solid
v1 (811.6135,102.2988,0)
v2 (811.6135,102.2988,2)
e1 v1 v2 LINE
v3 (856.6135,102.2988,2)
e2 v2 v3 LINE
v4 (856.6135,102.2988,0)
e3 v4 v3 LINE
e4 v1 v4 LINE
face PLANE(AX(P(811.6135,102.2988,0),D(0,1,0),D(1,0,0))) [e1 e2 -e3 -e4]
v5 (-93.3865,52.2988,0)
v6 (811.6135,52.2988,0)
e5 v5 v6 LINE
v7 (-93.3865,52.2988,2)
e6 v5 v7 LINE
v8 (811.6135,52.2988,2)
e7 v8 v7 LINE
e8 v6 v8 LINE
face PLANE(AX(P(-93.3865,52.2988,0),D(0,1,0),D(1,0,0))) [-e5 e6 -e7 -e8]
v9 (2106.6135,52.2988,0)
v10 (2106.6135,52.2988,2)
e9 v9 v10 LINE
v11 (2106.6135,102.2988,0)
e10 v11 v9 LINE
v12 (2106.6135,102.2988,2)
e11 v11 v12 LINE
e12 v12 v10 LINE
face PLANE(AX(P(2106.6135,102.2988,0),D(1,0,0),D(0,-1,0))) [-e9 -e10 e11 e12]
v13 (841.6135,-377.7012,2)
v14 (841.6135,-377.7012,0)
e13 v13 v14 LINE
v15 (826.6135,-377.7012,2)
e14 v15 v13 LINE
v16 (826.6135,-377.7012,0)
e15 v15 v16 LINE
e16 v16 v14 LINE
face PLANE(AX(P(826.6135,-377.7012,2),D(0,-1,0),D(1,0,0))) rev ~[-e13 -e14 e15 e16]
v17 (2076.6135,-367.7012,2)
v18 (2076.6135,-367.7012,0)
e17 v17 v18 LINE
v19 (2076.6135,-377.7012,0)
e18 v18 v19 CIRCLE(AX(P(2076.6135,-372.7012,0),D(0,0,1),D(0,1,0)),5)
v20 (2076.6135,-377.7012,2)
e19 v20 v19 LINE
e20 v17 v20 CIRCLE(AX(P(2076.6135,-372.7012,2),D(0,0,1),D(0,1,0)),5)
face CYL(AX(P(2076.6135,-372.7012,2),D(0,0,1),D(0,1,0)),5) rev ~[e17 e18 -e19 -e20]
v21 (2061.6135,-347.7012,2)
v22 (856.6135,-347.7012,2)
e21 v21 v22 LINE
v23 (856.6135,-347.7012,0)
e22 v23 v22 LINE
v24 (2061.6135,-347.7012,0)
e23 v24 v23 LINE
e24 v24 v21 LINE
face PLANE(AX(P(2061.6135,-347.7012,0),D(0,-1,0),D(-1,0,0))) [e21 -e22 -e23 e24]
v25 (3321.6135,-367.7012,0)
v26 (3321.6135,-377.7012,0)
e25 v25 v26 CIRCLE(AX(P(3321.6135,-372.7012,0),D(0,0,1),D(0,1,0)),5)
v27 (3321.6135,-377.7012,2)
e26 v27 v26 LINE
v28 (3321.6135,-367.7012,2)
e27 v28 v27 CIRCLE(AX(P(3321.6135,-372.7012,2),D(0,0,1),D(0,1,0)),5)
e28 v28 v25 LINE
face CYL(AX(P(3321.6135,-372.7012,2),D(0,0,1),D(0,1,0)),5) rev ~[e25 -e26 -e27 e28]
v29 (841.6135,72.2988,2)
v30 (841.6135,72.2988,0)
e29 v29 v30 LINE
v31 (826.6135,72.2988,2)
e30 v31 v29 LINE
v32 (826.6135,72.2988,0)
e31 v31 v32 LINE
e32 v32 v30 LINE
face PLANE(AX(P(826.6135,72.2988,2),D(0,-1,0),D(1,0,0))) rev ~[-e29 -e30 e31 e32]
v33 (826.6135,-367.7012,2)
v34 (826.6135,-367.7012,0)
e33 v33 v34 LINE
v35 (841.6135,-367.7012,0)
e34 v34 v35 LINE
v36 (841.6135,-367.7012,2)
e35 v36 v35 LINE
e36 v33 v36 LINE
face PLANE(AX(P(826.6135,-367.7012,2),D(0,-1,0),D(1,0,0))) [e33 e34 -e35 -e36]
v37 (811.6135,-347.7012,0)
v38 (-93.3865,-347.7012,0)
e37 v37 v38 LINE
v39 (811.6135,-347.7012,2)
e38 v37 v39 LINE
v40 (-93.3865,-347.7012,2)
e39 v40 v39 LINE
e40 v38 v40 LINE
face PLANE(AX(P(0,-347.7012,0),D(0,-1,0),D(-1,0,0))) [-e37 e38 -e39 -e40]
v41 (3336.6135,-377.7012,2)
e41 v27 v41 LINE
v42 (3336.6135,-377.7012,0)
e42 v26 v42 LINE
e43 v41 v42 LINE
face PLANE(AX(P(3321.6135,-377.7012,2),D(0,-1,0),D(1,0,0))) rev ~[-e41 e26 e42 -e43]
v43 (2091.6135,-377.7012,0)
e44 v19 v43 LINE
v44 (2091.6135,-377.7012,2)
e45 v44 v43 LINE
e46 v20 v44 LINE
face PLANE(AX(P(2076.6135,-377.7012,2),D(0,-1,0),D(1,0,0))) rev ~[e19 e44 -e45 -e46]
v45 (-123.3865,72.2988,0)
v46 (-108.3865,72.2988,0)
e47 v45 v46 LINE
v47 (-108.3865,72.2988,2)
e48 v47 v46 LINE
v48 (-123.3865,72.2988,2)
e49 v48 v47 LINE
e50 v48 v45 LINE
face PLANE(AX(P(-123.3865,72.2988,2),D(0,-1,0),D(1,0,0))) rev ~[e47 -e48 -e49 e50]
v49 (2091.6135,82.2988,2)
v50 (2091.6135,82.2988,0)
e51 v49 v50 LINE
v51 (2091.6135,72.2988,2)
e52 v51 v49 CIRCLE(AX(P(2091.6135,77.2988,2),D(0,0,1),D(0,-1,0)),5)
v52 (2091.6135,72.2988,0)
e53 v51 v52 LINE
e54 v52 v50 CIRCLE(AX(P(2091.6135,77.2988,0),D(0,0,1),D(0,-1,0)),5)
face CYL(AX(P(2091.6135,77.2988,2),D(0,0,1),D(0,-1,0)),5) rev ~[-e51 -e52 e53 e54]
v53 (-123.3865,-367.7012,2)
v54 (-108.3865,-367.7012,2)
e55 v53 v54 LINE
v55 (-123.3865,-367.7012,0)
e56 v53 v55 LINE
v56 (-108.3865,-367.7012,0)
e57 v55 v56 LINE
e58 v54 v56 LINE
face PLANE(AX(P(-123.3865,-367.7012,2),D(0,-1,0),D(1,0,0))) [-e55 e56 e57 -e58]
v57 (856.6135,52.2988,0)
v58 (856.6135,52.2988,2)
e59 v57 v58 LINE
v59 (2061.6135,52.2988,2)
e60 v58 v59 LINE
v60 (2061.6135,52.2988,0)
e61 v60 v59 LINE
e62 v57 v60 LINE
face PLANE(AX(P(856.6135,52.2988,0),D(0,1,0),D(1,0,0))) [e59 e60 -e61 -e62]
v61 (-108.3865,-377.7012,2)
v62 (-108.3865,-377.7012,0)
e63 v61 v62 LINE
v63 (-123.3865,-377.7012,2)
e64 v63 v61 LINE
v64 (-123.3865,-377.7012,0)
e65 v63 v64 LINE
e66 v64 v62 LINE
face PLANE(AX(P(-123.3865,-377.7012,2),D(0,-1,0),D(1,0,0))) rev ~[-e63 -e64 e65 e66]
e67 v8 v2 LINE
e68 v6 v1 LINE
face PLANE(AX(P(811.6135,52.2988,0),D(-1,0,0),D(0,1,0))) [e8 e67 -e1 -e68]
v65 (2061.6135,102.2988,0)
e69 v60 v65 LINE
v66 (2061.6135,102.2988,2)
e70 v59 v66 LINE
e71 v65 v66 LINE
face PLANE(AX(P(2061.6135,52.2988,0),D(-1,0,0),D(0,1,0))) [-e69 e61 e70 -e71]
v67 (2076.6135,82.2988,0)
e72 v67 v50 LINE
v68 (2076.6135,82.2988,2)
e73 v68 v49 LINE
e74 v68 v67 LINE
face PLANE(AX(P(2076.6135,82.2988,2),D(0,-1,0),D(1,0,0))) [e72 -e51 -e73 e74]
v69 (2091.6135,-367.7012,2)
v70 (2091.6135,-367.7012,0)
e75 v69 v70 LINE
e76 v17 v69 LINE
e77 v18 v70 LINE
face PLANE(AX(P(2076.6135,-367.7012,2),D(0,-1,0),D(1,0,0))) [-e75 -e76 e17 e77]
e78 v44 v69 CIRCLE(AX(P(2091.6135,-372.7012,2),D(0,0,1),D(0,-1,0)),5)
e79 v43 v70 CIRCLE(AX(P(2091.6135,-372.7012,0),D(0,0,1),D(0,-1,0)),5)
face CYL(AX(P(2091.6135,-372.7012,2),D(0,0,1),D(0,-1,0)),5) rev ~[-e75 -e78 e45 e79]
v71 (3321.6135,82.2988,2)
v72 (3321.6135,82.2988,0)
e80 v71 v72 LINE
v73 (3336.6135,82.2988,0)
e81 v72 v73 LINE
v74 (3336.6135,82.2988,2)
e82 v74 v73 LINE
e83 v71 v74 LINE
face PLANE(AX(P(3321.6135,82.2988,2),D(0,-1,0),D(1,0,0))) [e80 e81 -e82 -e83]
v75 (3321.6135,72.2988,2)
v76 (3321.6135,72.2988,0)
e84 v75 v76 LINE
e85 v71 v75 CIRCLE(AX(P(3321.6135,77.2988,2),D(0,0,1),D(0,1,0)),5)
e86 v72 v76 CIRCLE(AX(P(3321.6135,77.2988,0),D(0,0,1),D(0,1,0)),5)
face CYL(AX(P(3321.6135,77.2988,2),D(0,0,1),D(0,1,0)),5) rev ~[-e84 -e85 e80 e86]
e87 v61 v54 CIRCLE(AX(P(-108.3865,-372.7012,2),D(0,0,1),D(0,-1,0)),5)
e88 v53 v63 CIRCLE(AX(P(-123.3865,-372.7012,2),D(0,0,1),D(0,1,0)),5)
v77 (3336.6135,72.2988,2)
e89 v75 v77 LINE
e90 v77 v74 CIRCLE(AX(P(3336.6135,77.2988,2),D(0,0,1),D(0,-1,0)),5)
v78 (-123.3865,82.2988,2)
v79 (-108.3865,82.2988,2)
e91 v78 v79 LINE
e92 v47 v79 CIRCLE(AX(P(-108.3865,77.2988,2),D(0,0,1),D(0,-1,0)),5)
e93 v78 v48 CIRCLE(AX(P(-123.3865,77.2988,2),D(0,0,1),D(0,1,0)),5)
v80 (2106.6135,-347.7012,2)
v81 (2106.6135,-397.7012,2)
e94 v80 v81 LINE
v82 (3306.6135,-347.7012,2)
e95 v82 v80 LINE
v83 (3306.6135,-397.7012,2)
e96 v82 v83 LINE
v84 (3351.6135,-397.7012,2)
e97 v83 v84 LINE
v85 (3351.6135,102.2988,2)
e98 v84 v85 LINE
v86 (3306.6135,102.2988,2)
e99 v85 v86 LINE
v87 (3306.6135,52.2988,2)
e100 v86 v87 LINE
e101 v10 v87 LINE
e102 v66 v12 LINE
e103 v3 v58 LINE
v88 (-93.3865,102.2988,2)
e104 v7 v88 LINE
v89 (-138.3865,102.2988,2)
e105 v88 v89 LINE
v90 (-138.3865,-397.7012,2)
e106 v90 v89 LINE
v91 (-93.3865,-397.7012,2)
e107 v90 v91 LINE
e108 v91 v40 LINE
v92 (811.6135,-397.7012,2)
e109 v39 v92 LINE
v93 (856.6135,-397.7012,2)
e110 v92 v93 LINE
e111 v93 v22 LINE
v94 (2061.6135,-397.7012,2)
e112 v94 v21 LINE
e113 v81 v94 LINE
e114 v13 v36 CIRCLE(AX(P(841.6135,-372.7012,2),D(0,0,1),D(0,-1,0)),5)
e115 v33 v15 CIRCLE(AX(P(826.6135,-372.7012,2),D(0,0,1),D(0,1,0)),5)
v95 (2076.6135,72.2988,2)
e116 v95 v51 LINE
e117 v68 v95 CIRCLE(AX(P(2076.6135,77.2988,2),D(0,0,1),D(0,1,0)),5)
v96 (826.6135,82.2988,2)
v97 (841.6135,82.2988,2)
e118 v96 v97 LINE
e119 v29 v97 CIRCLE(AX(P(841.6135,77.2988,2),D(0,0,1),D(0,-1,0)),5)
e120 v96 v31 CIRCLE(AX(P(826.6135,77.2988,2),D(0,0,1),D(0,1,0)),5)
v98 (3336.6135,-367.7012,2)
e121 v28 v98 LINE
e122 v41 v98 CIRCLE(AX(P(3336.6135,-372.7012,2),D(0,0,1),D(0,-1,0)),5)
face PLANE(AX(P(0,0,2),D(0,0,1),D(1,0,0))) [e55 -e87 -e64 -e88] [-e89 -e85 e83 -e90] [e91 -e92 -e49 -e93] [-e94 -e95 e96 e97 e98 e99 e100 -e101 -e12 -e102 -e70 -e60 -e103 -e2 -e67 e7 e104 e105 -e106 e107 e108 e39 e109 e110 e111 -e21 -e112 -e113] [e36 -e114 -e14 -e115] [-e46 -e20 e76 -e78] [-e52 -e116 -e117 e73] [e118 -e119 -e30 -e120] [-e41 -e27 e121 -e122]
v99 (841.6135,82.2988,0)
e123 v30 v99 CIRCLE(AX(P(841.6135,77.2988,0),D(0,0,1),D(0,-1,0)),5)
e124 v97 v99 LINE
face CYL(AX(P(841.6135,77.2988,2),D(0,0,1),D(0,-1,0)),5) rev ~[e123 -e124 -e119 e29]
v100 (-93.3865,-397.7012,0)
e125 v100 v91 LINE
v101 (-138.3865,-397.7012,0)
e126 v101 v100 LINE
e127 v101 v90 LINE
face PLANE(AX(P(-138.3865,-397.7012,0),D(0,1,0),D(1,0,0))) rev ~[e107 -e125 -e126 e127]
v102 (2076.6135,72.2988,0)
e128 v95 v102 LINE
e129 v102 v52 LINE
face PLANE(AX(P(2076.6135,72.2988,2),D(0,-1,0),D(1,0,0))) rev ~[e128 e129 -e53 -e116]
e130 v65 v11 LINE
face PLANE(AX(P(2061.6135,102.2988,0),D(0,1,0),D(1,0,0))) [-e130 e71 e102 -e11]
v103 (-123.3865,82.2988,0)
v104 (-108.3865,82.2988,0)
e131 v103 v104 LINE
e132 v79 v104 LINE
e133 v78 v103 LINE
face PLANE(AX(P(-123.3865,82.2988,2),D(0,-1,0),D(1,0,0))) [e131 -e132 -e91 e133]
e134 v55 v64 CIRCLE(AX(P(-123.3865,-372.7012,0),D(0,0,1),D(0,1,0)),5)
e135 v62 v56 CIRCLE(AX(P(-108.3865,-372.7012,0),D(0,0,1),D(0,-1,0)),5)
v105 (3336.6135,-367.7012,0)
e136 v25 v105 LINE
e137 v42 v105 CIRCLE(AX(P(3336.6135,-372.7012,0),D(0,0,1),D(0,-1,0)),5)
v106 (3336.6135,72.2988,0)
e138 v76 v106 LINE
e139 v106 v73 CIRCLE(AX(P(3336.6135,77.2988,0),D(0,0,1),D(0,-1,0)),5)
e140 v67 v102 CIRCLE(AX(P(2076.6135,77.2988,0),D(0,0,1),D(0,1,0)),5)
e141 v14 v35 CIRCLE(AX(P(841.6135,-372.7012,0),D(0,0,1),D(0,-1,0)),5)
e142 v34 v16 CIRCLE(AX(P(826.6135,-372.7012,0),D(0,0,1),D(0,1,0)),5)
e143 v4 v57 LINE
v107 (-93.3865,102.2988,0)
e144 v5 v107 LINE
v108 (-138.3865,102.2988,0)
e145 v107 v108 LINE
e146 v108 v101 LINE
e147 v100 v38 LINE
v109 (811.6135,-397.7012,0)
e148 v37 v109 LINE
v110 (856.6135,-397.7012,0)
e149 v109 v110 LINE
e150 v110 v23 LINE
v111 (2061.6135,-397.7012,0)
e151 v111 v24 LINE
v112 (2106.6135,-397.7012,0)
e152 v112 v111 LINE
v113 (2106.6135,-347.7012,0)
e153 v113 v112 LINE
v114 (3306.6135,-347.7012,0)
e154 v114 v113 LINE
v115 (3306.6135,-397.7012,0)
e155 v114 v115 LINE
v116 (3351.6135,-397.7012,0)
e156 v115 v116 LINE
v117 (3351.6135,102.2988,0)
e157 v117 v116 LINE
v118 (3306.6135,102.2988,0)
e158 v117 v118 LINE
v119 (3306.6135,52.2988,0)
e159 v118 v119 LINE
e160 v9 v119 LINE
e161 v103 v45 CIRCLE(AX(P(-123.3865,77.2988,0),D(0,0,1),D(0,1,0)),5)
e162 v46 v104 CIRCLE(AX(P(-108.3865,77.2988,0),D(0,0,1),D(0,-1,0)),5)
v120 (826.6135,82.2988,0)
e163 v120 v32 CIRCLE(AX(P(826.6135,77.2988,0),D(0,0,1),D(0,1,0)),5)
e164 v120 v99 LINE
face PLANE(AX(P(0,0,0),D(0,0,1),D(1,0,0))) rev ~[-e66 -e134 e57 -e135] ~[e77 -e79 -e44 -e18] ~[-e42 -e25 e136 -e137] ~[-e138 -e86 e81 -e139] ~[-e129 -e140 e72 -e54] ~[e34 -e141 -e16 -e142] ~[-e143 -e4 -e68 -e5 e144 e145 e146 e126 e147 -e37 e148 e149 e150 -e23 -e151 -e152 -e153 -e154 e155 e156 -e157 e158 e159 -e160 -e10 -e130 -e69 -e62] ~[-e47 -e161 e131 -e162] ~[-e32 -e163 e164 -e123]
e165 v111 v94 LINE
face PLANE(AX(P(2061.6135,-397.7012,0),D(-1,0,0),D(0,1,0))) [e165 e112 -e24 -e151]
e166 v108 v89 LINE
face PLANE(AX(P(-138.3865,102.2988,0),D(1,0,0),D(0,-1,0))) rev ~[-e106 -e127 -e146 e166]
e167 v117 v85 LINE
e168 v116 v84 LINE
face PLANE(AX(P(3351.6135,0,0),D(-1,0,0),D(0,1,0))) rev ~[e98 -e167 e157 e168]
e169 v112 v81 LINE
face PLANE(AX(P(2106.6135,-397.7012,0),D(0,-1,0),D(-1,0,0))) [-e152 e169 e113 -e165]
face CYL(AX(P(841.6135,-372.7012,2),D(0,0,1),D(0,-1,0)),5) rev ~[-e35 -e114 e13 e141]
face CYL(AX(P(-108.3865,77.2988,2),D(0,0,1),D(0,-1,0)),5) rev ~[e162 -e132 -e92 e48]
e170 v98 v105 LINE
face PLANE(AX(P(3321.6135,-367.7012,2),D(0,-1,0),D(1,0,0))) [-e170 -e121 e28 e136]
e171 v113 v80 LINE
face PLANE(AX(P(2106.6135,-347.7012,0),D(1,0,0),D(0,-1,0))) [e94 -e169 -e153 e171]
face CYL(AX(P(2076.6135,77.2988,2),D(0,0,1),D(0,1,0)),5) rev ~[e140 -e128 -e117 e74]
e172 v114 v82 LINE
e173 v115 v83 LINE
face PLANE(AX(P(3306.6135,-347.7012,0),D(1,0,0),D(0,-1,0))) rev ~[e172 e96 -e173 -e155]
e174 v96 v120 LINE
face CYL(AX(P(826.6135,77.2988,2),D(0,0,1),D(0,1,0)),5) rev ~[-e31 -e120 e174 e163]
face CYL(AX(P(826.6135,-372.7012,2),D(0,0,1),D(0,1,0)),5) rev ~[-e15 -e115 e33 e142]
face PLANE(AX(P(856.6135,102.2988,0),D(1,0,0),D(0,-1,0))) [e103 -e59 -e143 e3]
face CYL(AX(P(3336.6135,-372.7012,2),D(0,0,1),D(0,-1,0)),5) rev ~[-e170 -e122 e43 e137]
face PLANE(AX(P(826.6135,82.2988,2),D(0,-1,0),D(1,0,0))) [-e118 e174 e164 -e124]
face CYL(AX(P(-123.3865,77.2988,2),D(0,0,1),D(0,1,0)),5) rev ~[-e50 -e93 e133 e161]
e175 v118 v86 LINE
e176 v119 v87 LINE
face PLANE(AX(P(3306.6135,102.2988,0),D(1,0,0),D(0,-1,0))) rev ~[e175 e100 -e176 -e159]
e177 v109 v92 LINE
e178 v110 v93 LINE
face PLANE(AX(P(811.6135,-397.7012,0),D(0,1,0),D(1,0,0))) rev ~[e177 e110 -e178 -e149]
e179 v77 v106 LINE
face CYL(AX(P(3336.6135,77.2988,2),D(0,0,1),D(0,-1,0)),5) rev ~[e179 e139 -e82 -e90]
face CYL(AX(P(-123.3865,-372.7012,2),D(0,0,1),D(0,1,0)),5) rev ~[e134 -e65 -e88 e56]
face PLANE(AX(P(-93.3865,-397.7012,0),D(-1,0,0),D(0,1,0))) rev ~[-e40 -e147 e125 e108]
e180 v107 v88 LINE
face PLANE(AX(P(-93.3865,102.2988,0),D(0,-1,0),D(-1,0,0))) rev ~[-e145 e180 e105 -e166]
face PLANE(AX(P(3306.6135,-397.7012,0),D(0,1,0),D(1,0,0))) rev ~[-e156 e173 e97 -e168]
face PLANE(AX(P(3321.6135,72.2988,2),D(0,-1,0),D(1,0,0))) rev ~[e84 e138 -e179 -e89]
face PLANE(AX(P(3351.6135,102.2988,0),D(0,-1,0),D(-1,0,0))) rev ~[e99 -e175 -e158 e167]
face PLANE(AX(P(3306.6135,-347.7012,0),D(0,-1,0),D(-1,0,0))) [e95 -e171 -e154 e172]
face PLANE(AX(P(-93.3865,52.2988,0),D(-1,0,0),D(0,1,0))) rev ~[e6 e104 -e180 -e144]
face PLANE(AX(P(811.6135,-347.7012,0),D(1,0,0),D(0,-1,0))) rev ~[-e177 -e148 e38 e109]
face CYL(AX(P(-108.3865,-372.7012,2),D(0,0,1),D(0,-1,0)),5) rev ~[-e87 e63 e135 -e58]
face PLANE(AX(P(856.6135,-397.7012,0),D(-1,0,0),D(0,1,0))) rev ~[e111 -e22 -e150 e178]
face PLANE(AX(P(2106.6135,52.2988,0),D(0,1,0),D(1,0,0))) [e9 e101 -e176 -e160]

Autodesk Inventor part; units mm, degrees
ref_plane "YZ Plane" through (0, 0, 0) normal (1, 0, 0) x (0, 1, 0)
ref_plane "XZ Plane" through (0, 0, 0) normal (0, 1, 0) x (-1, 0, 0)
ref_plane "XY Plane" through (0, 0, 0) normal (0, 0, 1) x (1, 0, 0)
sketch "Sketch1" plane through (0, 0, 0) normal (0, 0, 1) x (1, 0, 0)
  line L0 (-836.3865, 0) -> (4049.6135, 0) projected
  line L1 (0, -497.7012) -> (0, 202.2988) projected
  line L2 (-93.3865, 52.2988) -> (3306.6135, 52.2988)
  line L3 (3306.6135, 52.2988) -> (3306.6135, -347.7012)
  line L4 (3306.6135, -347.7012) -> (-93.3865, -347.7012)
  line L5 (-93.3865, -347.7012) -> (-93.3865, 52.2988)
  line L6 (-93.3865, 52.2988) -> (-93.3865, 102.2988)
  line L7 (-93.3865, 102.2988) -> (-138.3865, 102.2988)
  line L8 (-138.3865, 102.2988) -> (-138.3865, -397.7012)
  line L9 (-138.3865, -397.7012) -> (-93.3865, -397.7012)
  line L10 (-93.3865, -397.7012) -> (-93.3865, -347.7012)
  line L11 (3306.6135, -347.7012) -> (3306.6135, -397.7012)
  line L12 (3306.6135, -397.7012) -> (3351.6135, -397.7012)
  line L13 (3351.6135, -397.7012) -> (3351.6135, 102.2988)
  line L14 (3351.6135, 102.2988) -> (3306.6135, 102.2988)
  line L15 (3306.6135, 102.2988) -> (3306.6135, 52.2988)
  line L16 (811.6135, 52.2988) -> (811.6135, 102.2988)
  line L17 (811.6135, 102.2988) -> (856.6135, 102.2988)
  line L18 (856.6135, 102.2988) -> (856.6135, 52.2988)
  line L19 (811.6135, 52.2988) -> (811.6135, -347.7012)
  line L20 (811.6135, -397.7012) -> (856.6135, -397.7012)
  line L21 (856.6135, -397.7012) -> (856.6135, -347.7012)
  line L22 (856.6135, 52.2988) -> (856.6135, -347.7012)
  line L23 (811.6135, -347.7012) -> (811.6135, -397.7012)
  line L24 (2061.6135, 52.2988) -> (2061.6135, 102.2988)
  line L25 (2061.6135, 102.2988) -> (2106.6135, 102.2988)
  line L26 (2106.6135, 102.2988) -> (2106.6135, 52.2988)
  line L27 (2106.6135, -347.7012) -> (2106.6135, 52.2988)
  line L28 (2106.6135, -347.7012) -> (2106.6135, -397.7012)
  line L29 (2106.6135, -397.7012) -> (2061.6135, -397.7012)
  line L30 (2061.6135, -397.7012) -> (2061.6135, -347.7012)
  line L31 (2061.6135, -347.7012) -> (2061.6135, 52.2988)
  dimension "d2" = 3400
  dimension "d3" = 400
  dimension "d4" = 50
  dimension "d5" = 45
  dimension "d6" = 500
  dimension "d7" = 50
  dimension "d8" = 45
  dimension "d9" = 45
  dimension "d10" = 905
  dimension "d11" = 45
  dimension "d12" = 50
  dimension "d13" = 1200
extrude "Extrusion1" add sketch "Sketch1" along normal blind 2
sketch "Sketch2" plane through (0, 0, 2) normal (0, 0, 1) x (1, 0, 0)
  line L0 (-123.3865, 82.2988) -> (-108.3865, 82.2988)
  line L1 (-123.3865, 72.2988) -> (-108.3865, 72.2988)
  line L2 (-195.8041, 77.2988) -> (3412.5269, 77.2988) construction
  line L3 (811.6135, 52.2988) -> (-93.3865, 52.2988) construction
  line L4 (-93.3865, 102.2988) -> (-138.3865, 102.2988) construction
  line L5 (-115.8865, 102.2988) -> (-115.8865, -482.0806) construction
  arc A0 (-123.3865, 82.2988) -> (-123.3865, 72.2988) centre (-123.3865, 77.2988) ccw
  arc A1 (-108.3865, 72.2988) -> (-108.3865, 82.2988) centre (-108.3865, 77.2988) ccw
  line L6 (-166.4854, -372.7012) -> (3412.5269, -372.7012) construction
  line L7 (3351.6135, 102.2988) -> (3306.6135, 102.2988) construction
  line L8 (3329.1135, 102.2988) -> (3329.1135, -396.0757) construction
  line L9 (2106.6135, 102.2988) -> (2061.6135, 102.2988) construction
  line L10 (2084.1135, 102.2988) -> (2084.1135, -396.0757) construction
  line L11 (-93.3865, -347.7012) -> (811.6135, -347.7012) construction
  line L12 (-138.3865, 102.2988) -> (-138.3865, -397.7012) construction
  line L13 (-138.3865, -147.7012) -> (3351.6135, -147.7012) construction
  line L14 (3351.6135, -397.7012) -> (3351.6135, 102.2988) construction
  line L15 (856.6135, 102.2988) -> (811.6135, 102.2988) construction
  line L16 (834.1135, 102.2988) -> (834.1135, -392.7012) construction
  line L17 (-123.3865, -367.7012) -> (-108.3865, -367.7012)
  line L18 (-123.3865, -377.7012) -> (-108.3865, -377.7012)
  arc A2 (-123.3865, -367.7012) -> (-123.3865, -377.7012) centre (-123.3865, -372.7012) ccw
  arc A3 (-108.3865, -377.7012) -> (-108.3865, -367.7012) centre (-108.3865, -372.7012) ccw
  line L19 (826.6135, 82.2988) -> (841.6135, 82.2988)
  line L20 (826.6135, 72.2988) -> (841.6135, 72.2988)
  arc A4 (826.6135, 82.2988) -> (826.6135, 72.2988) centre (826.6135, 77.2988) ccw
  arc A5 (841.6135, 72.2988) -> (841.6135, 82.2988) centre (841.6135, 77.2988) ccw
  line L21 (826.6135, -367.7012) -> (841.6135, -367.7012)
  line L22 (826.6135, -377.7012) -> (841.6135, -377.7012)
  arc A6 (826.6135, -367.7012) -> (826.6135, -377.7012) centre (826.6135, -372.7012) ccw
  arc A7 (841.6135, -377.7012) -> (841.6135, -367.7012) centre (841.6135, -372.7012) ccw
  line L23 (2076.6135, 82.2988) -> (2091.6135, 82.2988)
  line L24 (2076.6135, 72.2988) -> (2091.6135, 72.2988)
  arc A8 (2076.6135, 82.2988) -> (2076.6135, 72.2988) centre (2076.6135, 77.2988) ccw
  arc A9 (2091.6135, 72.2988) -> (2091.6135, 82.2988) centre (2091.6135, 77.2988) ccw
  line L25 (2076.6135, -367.7012) -> (2091.6135, -367.7012)
  line L26 (2076.6135, -377.7012) -> (2091.6135, -377.7012)
  arc A10 (2076.6135, -367.7012) -> (2076.6135, -377.7012) centre (2076.6135, -372.7012) ccw
  arc A11 (2091.6135, -377.7012) -> (2091.6135, -367.7012) centre (2091.6135, -372.7012) ccw
  line L27 (3321.6135, 82.2988) -> (3336.6135, 82.2988)
  line L28 (3321.6135, 72.2988) -> (3336.6135, 72.2988)
  arc A12 (3321.6135, 82.2988) -> (3321.6135, 72.2988) centre (3321.6135, 77.2988) ccw
  arc A13 (3336.6135, 72.2988) -> (3336.6135, 82.2988) centre (3336.6135, 77.2988) ccw
  line L29 (3321.6135, -367.7012) -> (3336.6135, -367.7012)
  line L30 (3321.6135, -377.7012) -> (3336.6135, -377.7012)
  arc A14 (3321.6135, -367.7012) -> (3321.6135, -377.7012) centre (3321.6135, -372.7012) ccw
  arc A15 (3336.6135, -377.7012) -> (3336.6135, -367.7012) centre (3336.6135, -372.7012) ccw
  point P0 (0, 0)
  point P1 (-115.8865, 77.2988)
  point P2 (-115.8865, -372.7012)
  point P3 (834.1135, -372.7012)
  point P4 (834.1135, 77.2988)
  point P5 (2084.1135, 77.2988)
  point P6 (2084.1135, -372.7012)
  point P7 (3329.1135, 77.2988)
  point P8 (3329.1135, -372.7012)
  point P9 (-115.8865, -372.7012)
  point P10 (834.1135, 77.2988)
  point P11 (834.1135, -372.7012)
  point P12 (2084.1135, 77.2988)
  point P13 (2084.1135, -372.7012)
  point P14 (3329.1135, 77.2988)
  point P15 (3329.1135, -372.7012)
  dimension "d16" = 15
  dimension "d18" = 15
  dimension "d20" = 0
  dimension "d21" = 0
  dimension "d52" = 25
  dimension "d53" = 25
  dimension "d54" = 15
  dimension "d55" = 15
  dimension "d56" = 0
  dimension "d57" = 0
  dimension "d58" = 15
  dimension "d59" = 15
  dimension "d60" = 0
  dimension "d61" = 0
  dimension "d62" = 15
  dimension "d63" = 15
  dimension "d64" = 0
  dimension "d65" = 0
  dimension "d66" = 15
  dimension "d67" = 15
  dimension "d68" = 0
  dimension "d69" = 0
  dimension "d70" = 15
  dimension "d71" = 15
  dimension "d72" = 0
  dimension "d73" = 0
  dimension "d74" = 15
  dimension "d75" = 15
  dimension "d76" = 0
  dimension "d77" = 0
  dimension "d78" = 15
  dimension "d79" = 15
  dimension "d80" = 0
  dimension "d81" = 0
extrude "Extrusion2" cut sketch "Sketch2" against normal blind 20
properties part number "Baseplate"
